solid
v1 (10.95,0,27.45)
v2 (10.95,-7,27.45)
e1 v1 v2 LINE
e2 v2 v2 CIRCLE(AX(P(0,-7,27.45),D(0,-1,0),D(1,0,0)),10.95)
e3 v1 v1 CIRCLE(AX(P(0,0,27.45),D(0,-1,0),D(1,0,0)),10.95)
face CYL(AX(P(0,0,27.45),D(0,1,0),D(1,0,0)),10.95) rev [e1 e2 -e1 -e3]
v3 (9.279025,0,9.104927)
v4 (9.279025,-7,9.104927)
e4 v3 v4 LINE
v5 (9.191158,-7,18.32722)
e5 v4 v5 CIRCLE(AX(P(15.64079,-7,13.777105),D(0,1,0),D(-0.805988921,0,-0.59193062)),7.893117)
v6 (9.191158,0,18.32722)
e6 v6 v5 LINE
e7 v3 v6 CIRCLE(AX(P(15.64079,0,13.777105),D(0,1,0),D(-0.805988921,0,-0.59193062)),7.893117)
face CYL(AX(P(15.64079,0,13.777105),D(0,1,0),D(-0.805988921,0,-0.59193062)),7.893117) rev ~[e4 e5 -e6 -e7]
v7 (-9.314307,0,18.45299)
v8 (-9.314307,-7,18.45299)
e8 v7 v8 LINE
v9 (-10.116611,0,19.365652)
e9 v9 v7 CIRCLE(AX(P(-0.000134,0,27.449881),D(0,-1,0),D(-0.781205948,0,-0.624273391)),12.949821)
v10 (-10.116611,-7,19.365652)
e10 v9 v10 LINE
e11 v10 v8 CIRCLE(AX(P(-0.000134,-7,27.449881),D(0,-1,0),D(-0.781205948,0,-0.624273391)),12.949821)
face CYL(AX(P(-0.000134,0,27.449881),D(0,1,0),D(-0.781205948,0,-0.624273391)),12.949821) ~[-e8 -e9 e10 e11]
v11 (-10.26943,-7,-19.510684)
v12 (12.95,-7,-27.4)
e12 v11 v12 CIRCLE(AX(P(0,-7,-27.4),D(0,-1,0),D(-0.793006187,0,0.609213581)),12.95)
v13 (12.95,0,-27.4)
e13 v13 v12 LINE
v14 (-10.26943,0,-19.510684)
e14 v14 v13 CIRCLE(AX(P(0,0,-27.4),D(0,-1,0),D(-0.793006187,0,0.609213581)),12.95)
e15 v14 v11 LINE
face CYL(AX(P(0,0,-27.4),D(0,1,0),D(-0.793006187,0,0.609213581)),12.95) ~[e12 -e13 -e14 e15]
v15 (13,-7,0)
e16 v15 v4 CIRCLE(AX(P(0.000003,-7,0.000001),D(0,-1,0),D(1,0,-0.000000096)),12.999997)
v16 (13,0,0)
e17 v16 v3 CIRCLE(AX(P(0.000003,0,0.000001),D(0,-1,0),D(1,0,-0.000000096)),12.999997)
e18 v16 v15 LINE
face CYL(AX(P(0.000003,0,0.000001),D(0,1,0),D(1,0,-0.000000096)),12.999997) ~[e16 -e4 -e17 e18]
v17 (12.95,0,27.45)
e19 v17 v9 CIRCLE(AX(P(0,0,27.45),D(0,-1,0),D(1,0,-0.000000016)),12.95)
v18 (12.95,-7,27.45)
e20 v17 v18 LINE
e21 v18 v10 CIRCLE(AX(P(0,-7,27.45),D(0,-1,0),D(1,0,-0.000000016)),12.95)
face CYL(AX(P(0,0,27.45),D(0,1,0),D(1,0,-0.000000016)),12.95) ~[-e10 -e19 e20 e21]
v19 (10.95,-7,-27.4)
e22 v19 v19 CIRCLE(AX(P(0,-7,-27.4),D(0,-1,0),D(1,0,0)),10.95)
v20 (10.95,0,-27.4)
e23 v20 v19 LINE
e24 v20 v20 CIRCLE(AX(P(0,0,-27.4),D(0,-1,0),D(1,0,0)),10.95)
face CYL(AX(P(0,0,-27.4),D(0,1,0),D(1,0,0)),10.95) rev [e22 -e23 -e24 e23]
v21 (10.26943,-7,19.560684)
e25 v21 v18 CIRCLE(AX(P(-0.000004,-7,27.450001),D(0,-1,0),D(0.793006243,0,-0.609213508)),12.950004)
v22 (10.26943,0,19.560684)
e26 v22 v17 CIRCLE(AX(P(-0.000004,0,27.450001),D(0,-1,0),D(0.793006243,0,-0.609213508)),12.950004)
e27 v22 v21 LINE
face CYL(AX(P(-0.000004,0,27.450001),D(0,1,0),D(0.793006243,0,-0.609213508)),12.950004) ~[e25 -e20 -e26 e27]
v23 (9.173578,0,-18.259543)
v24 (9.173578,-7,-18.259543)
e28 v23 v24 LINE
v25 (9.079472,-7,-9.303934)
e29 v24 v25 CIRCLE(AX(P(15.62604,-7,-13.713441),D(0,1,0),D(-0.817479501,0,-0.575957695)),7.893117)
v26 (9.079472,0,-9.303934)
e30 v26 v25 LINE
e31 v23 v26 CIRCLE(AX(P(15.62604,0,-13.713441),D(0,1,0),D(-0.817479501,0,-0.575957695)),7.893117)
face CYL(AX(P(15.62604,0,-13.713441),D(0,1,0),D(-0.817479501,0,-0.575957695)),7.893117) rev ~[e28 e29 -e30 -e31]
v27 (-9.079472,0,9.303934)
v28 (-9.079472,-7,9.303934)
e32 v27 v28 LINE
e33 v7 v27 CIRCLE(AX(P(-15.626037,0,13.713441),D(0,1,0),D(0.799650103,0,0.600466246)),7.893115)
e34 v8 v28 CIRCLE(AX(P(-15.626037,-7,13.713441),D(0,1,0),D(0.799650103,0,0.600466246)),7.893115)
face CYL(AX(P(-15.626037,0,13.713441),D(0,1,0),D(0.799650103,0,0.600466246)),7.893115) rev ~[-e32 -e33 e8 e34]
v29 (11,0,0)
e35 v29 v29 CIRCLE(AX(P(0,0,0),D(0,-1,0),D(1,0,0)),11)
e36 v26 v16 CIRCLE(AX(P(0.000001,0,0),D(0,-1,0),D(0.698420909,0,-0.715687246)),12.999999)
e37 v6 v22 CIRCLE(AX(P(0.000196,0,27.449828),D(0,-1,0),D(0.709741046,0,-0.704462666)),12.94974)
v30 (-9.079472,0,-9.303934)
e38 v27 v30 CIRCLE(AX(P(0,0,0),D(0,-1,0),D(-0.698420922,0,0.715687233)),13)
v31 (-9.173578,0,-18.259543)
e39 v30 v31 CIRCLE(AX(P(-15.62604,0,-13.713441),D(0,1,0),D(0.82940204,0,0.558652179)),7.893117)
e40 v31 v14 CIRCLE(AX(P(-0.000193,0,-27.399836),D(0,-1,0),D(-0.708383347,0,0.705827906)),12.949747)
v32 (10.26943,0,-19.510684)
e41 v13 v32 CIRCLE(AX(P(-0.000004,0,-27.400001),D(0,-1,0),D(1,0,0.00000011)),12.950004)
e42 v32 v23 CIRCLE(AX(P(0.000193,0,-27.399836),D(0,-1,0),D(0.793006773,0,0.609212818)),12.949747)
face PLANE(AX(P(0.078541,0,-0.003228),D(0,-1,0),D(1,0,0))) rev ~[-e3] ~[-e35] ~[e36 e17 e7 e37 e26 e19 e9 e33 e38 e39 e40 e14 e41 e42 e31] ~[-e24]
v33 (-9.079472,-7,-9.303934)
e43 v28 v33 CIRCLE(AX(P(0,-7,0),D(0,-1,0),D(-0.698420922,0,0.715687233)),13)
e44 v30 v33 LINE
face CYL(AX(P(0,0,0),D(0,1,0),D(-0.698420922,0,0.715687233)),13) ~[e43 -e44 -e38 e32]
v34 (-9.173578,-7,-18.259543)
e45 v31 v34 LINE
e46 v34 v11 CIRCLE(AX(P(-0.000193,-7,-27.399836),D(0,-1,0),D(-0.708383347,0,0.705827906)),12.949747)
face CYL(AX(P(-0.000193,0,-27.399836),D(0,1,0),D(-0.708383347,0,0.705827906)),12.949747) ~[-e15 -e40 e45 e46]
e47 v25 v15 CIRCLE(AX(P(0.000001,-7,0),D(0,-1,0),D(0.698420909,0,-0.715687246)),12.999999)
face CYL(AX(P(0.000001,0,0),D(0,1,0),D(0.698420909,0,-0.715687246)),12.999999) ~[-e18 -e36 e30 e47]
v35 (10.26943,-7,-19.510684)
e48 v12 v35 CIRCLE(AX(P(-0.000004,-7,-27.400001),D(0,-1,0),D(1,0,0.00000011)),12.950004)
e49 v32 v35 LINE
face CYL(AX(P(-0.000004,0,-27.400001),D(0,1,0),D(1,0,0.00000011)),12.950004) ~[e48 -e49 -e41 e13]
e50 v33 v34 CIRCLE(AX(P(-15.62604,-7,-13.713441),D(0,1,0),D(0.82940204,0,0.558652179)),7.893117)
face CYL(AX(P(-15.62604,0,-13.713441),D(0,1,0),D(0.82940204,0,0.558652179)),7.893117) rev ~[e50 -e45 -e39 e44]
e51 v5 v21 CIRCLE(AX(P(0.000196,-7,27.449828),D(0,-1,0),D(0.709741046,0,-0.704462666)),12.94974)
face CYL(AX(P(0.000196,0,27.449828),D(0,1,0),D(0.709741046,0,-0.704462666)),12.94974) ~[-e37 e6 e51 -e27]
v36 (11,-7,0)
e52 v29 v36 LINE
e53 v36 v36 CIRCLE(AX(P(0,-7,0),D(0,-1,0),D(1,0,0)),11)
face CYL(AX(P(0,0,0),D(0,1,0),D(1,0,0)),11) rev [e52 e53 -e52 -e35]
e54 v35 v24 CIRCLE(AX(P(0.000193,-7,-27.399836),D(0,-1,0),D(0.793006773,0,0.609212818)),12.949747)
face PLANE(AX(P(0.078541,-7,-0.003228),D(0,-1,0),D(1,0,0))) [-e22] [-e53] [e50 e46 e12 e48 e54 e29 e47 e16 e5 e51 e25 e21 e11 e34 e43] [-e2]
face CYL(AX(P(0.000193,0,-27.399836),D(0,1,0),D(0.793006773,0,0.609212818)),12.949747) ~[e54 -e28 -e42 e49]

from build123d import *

# Parameters (mm, degrees)
F0_R     = 11
F0_R_2   = 10.95
F1_DEPTH = 7


with BuildPart() as f1:
    # F0 (on Front) → F1 (new body)
    with BuildSketch(Plane.XZ):
        with BuildLine():
            ThreePointArc((9.079472, -9.303934), (11.97984, -5.048112), (13, 0))
            ThreePointArc((13, 0), (12.033855, 4.917961), (9.279025, 9.104927))
            ThreePointArc((9.279025, 9.104927), (0.140912, 12.999236), (-9.079472, 9.303934))
            ThreePointArc((-9.079472, 9.303934), (-13, 0), (-9.079472, -9.303934))
            ThreePointArc((-9.079472, -9.303934), (0, -13), (9.079472, -9.303934))
        make_face()
        Circle(F0_R, mode=Mode.SUBTRACT)
        with BuildLine():
            ThreePointArc((-9.079472, 9.303934), (0.140912, 12.999236), (9.279025, 9.104927))
            ThreePointArc((9.279025, 9.104927), (7.748031, 13.701905), (9.191158, 18.32722))
            ThreePointArc((9.191158, 18.32722), (-0.088011, 14.500299), (-9.314307, 18.45299))
            ThreePointArc((-9.314307, 18.45299), (-7.735521, 13.915972), (-9.079472, 9.303934))
        make_face()
        with BuildLine():
            ThreePointArc((9.173578, -18.259543), (7.733358, -13.796378), (9.079472, -9.303934))
            ThreePointArc((9.079472, -9.303934), (0, -13), (-9.079472, -9.303934))
            ThreePointArc((-9.079472, -9.303934), (-7.733358, -13.796378), (-9.173578, -18.259543))
            ThreePointArc((-9.173578, -18.259543), (0, -14.45), (9.173578, -18.259543))
        make_face()
        with BuildLine():
            ThreePointArc((10.26943, 19.560684), (9.698205, 18.972004), (9.191158, 18.32722))
            ThreePointArc((9.191158, 18.32722), (9.74982, 18.926883), (10.26943, 19.560684))
        make_face()
        with BuildLine():
            ThreePointArc((-9.314307, 18.45299), (-0.088011, 14.500299), (9.191158, 18.32722))
            ThreePointArc((9.191158, 18.32722), (9.698205, 18.972004), (10.26943, 19.560684))
            ThreePointArc((10.26943, 19.560684), (12.261558, 23.283864), (12.95, 27.45))
            ThreePointArc((12.95, 27.45), (-4.283246, 39.671142), (-10.116611, 19.365652))
            ThreePointArc((-10.116611, 19.365652), (-9.697869, 18.924783), (-9.314307, 18.45299))
        make_face()
        with Locations((0, 27.45)):
            Circle(F0_R_2, mode=Mode.SUBTRACT)
        with BuildLine():
            ThreePointArc((10.26943, -19.510684), (9.688458, -18.914058), (9.173578, -18.259543))
            ThreePointArc((9.173578, -18.259543), (0, -14.45), (-9.173578, -18.259543))
            ThreePointArc((-9.173578, -18.259543), (-9.688458, -18.914058), (-10.26943, -19.510684))
            ThreePointArc((-10.26943, -19.510684), (-4.166136, -39.661558), (12.95, -27.4))
            ThreePointArc((12.95, -27.4), (12.261558, -23.233864), (10.26943, -19.510684))
        make_face()
        with Locations((0, -27.4)):
            Circle(F0_R_2, mode=Mode.SUBTRACT)
        with BuildLine():
            ThreePointArc((10.26943, -19.510684), (9.741611, -18.867502), (9.173578, -18.259543))
            ThreePointArc((9.173578, -18.259543), (9.688458, -18.914058), (10.26943, -19.510684))
        make_face()
        with BuildLine():
            ThreePointArc((-10.116611, 19.365652), (-9.72617, 18.899905), (-9.314307, 18.45299))
            ThreePointArc((-9.314307, 18.45299), (-9.697869, 18.924783), (-10.116611, 19.365652))
        make_face()
        with BuildLine():
            ThreePointArc((-10.26943, -19.510684), (-9.688458, -18.914058), (-9.173578, -18.259543))
            ThreePointArc((-9.173578, -18.259543), (-9.741611, -18.867502), (-10.26943, -19.510684))
        make_face()
    extrude(amount=F1_DEPTH)


solid = f1.part
